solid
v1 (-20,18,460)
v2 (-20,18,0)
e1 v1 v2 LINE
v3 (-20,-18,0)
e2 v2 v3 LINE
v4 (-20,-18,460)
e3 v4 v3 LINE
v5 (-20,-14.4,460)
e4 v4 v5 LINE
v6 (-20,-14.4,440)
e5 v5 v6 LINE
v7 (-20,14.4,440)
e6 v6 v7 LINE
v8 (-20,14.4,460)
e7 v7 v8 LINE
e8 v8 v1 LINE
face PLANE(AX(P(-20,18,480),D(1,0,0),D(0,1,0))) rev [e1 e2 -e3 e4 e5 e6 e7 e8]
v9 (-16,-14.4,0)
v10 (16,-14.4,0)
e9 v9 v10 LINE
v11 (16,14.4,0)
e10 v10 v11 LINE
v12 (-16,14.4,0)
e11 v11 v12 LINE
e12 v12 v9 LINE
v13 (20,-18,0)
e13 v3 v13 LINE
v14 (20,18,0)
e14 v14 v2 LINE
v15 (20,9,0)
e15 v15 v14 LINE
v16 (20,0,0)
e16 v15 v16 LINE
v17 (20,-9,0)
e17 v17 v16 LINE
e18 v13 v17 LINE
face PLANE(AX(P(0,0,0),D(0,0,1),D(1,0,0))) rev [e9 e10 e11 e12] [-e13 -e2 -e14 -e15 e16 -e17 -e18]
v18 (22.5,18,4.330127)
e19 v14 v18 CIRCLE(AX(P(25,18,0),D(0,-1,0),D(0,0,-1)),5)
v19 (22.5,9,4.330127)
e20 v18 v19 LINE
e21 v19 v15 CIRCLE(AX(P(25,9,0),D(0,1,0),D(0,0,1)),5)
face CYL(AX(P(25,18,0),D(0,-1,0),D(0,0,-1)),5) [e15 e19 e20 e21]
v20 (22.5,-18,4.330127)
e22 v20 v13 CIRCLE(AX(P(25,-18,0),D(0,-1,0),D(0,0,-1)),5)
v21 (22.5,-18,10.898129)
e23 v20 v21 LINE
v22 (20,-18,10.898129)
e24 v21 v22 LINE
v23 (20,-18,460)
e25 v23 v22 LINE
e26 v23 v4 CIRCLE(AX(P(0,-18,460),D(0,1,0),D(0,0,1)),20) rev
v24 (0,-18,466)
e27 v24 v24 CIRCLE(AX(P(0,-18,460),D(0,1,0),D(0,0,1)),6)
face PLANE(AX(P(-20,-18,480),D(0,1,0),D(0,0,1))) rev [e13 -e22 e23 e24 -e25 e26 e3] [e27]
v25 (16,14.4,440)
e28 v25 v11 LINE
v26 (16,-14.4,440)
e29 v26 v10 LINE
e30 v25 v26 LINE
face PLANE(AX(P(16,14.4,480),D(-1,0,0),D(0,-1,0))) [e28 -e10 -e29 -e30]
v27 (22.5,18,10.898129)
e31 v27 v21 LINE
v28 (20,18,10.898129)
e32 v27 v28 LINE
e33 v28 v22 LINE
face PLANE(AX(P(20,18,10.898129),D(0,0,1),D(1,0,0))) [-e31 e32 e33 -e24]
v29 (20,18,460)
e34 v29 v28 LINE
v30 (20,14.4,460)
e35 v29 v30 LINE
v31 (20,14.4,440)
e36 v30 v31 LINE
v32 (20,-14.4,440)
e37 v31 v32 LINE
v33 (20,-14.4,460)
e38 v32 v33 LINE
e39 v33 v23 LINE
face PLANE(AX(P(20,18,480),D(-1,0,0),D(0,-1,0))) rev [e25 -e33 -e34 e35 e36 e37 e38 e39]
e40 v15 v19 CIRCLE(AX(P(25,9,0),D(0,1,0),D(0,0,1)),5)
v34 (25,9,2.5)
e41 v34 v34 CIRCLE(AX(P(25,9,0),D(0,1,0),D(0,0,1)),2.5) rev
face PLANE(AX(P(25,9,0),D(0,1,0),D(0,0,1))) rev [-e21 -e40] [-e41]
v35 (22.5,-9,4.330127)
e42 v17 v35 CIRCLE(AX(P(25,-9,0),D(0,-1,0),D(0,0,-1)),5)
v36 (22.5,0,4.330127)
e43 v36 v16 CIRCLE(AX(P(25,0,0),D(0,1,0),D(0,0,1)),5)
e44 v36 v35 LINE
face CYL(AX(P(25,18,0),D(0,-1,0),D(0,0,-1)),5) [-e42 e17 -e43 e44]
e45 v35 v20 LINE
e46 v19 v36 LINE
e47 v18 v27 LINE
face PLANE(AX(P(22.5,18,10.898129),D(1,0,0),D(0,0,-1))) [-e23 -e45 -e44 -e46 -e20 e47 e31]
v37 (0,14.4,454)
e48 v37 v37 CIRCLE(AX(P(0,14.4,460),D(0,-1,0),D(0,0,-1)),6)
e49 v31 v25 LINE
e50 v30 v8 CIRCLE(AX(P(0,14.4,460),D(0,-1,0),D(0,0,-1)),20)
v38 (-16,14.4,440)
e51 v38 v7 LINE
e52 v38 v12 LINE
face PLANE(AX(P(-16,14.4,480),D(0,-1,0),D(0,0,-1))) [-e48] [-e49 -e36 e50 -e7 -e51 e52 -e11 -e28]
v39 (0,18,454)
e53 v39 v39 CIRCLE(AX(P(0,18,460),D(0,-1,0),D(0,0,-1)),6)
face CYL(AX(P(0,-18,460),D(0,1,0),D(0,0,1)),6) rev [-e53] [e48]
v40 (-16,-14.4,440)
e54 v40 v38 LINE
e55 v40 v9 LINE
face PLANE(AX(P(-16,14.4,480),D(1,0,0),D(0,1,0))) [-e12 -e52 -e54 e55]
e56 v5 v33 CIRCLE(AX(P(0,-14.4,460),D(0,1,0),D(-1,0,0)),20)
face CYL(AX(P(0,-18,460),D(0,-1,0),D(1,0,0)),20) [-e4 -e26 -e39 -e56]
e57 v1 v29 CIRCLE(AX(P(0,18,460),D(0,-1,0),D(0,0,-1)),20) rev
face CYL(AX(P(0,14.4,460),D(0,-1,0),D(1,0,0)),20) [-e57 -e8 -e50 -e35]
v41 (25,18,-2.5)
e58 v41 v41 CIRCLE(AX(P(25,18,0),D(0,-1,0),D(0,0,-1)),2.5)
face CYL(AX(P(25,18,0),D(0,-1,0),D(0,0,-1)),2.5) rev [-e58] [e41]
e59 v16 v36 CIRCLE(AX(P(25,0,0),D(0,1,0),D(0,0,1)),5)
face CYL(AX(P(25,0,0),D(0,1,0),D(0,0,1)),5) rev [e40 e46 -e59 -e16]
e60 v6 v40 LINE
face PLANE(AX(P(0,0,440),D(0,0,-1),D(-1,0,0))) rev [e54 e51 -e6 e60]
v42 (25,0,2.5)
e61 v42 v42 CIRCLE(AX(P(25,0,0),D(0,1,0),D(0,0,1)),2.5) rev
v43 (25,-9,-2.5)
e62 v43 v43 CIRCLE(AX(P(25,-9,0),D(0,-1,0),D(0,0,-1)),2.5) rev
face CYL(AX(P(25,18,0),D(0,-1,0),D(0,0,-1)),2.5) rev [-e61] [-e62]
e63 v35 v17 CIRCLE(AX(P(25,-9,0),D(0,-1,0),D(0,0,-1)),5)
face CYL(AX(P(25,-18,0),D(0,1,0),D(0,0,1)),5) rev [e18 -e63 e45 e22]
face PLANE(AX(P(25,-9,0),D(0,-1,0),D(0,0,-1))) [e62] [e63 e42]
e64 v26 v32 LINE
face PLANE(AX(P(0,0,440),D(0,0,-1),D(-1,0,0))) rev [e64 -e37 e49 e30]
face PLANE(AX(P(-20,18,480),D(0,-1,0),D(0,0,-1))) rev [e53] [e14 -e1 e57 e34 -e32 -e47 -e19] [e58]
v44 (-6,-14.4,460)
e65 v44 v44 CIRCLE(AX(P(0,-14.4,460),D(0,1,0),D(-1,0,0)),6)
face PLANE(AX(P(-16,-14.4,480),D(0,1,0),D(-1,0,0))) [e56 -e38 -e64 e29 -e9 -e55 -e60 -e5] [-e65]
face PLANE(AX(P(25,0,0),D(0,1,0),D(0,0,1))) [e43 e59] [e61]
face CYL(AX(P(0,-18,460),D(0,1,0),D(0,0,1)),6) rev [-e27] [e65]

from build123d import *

# Parameters (mm, degrees)
SKETCH1_W               = 40
SKETCH1_H               = 36
SKETCH1_W_2             = 32
SKETCH1_H_2             = 28.8
BOSS_EXTRUDE1_DEPTH     = 480
SKETCH2_W               = 50
SKETCH2_H               = 28.8
CUT_EXTRUDE1_DEPTH      = 40
FILLET2_RADIUS          = 20
FILLET2_LENGTH          = 3.6
FILLET3_RADIUS          = 20
FILLET3_LENGTH          = 3.6
CUT_EXTRUDE2_DEPTH      = 482.763427421
CUT_EXTRUDE2_DEPTH_BACK = 482.763427421
SKETCH3_R               = 6
SKETCH4_R               = 2.5
BOSS_EXTRUDE2_DEPTH     = 36
CUT_EXTRUDE3_START      = 9
SKETCH5_R               = 5
CUT_EXTRUDE3_DEPTH      = 9
CUT_EXTRUDE4_START      = -9
SKETCH7_R               = 5
CUT_EXTRUDE4_DEPTH      = 9


with BuildPart() as part:
    # Sketch1 → Boss-Extrude1 (new body)
    with BuildSketch(Plane.XY):
        Rectangle(SKETCH1_W, SKETCH1_H)
        Rectangle(SKETCH1_W_2, SKETCH1_H_2, mode=Mode.SUBTRACT)
    extrude(amount=BOSS_EXTRUDE1_DEPTH)

    # Sketch2 → Cut-Extrude1 (cut)
    with BuildSketch(Plane.XY.offset(480)):
        Rectangle(SKETCH2_W, SKETCH2_H)
    extrude(amount=-CUT_EXTRUDE1_DEPTH, mode=Mode.SUBTRACT)

    # Fillet2: full round fillet: the end face becomes a half cylinder, R = half its width
    fillet2_face = Plane((0, -16.2, 480), x_dir=(0, -1, 0), z_dir=(0, 0, 1))  # on the end face: x along it, z out of the body
    fillet2_slab = fillet2_face.offset(-FILLET2_RADIUS / 2) * Box(FILLET2_LENGTH, 2 * FILLET2_RADIUS, FILLET2_RADIUS, mode=Mode.PRIVATE)  # the body's end, R deep
    fillet2_round = Plane((0, -16.2, 460), x_dir=(0, 0, 1), z_dir=(0, -1, 0)) * Cylinder(FILLET2_RADIUS, FILLET2_LENGTH, mode=Mode.PRIVATE)  # its axis R under the face
    add(fillet2_slab - fillet2_round, mode=Mode.SUBTRACT)

    # Fillet3: full round fillet: the end face becomes a half cylinder, R = half its width
    fillet3_face = Plane((0, 16.2, 480), x_dir=(0, -1, 0), z_dir=(0, 0, 1))  # on the end face: x along it, z out of the body
    fillet3_slab = fillet3_face.offset(-FILLET3_RADIUS / 2) * Box(FILLET3_LENGTH, 2 * FILLET3_RADIUS, FILLET3_RADIUS, mode=Mode.PRIVATE)  # the body's end, R deep
    fillet3_round = Plane((0, 16.2, 460), x_dir=(0, 0, 1), z_dir=(0, -1, 0)) * Cylinder(FILLET3_RADIUS, FILLET3_LENGTH, mode=Mode.PRIVATE)  # its axis R under the face
    add(fillet3_slab - fillet3_round, mode=Mode.SUBTRACT)

    # Sketch3 → Cut-Extrude2 (cut, two sides: drawn at the far end of the back side and taken through both)
    with BuildSketch(Plane(origin=(0, 18, 0), x_dir=(1, 0, 0), z_dir=(0, 1, 0)).offset(-CUT_EXTRUDE2_DEPTH_BACK)):
        with Locations(Location((0, -460, 0), (0, 0, 270))):
            Circle(SKETCH3_R)
    extrude(amount=CUT_EXTRUDE2_DEPTH + CUT_EXTRUDE2_DEPTH_BACK, mode=Mode.SUBTRACT)

    # Sketch4 → Boss-Extrude2 (add)
    with BuildSketch(Plane.XZ.offset(18)):
        with BuildLine():
            Line((20, 0), (20, 10.898129461))
            Line((20, 10.898129461), (22.5, 10.898129461))
            Line((22.5, 10.898129461), (22.5, 4.330127019))
            ThreePointArc((22.5, 4.330127019), (29.330127019, -2.5), (20, 0))
        make_face()
        with Locations(Location((25, 0, 0), (0, 0, 270))):
            Circle(SKETCH4_R, mode=Mode.SUBTRACT)
    extrude(amount=-BOSS_EXTRUDE2_DEPTH)

    # Sketch5 → Cut-Extrude3 (cut)
    with BuildSketch(Plane(origin=(0, -9, 0), x_dir=(-1, 0, 0), z_dir=(0, -1, 0)).offset(CUT_EXTRUDE3_START)):
        with Locations((-25, 0)):
            Circle(SKETCH5_R)
    extrude(amount=-CUT_EXTRUDE3_DEPTH, mode=Mode.SUBTRACT)

    # Sketch7 → Cut-Extrude4 (cut)
    with BuildSketch(Plane(origin=(0, 9, 0), x_dir=(1, 0, 0), z_dir=(0, 1, 0)).offset(CUT_EXTRUDE4_START)):
        with Locations((25, 0)):
            Circle(SKETCH7_R)
    extrude(amount=CUT_EXTRUDE4_DEPTH, mode=Mode.SUBTRACT)


solid = part.part
